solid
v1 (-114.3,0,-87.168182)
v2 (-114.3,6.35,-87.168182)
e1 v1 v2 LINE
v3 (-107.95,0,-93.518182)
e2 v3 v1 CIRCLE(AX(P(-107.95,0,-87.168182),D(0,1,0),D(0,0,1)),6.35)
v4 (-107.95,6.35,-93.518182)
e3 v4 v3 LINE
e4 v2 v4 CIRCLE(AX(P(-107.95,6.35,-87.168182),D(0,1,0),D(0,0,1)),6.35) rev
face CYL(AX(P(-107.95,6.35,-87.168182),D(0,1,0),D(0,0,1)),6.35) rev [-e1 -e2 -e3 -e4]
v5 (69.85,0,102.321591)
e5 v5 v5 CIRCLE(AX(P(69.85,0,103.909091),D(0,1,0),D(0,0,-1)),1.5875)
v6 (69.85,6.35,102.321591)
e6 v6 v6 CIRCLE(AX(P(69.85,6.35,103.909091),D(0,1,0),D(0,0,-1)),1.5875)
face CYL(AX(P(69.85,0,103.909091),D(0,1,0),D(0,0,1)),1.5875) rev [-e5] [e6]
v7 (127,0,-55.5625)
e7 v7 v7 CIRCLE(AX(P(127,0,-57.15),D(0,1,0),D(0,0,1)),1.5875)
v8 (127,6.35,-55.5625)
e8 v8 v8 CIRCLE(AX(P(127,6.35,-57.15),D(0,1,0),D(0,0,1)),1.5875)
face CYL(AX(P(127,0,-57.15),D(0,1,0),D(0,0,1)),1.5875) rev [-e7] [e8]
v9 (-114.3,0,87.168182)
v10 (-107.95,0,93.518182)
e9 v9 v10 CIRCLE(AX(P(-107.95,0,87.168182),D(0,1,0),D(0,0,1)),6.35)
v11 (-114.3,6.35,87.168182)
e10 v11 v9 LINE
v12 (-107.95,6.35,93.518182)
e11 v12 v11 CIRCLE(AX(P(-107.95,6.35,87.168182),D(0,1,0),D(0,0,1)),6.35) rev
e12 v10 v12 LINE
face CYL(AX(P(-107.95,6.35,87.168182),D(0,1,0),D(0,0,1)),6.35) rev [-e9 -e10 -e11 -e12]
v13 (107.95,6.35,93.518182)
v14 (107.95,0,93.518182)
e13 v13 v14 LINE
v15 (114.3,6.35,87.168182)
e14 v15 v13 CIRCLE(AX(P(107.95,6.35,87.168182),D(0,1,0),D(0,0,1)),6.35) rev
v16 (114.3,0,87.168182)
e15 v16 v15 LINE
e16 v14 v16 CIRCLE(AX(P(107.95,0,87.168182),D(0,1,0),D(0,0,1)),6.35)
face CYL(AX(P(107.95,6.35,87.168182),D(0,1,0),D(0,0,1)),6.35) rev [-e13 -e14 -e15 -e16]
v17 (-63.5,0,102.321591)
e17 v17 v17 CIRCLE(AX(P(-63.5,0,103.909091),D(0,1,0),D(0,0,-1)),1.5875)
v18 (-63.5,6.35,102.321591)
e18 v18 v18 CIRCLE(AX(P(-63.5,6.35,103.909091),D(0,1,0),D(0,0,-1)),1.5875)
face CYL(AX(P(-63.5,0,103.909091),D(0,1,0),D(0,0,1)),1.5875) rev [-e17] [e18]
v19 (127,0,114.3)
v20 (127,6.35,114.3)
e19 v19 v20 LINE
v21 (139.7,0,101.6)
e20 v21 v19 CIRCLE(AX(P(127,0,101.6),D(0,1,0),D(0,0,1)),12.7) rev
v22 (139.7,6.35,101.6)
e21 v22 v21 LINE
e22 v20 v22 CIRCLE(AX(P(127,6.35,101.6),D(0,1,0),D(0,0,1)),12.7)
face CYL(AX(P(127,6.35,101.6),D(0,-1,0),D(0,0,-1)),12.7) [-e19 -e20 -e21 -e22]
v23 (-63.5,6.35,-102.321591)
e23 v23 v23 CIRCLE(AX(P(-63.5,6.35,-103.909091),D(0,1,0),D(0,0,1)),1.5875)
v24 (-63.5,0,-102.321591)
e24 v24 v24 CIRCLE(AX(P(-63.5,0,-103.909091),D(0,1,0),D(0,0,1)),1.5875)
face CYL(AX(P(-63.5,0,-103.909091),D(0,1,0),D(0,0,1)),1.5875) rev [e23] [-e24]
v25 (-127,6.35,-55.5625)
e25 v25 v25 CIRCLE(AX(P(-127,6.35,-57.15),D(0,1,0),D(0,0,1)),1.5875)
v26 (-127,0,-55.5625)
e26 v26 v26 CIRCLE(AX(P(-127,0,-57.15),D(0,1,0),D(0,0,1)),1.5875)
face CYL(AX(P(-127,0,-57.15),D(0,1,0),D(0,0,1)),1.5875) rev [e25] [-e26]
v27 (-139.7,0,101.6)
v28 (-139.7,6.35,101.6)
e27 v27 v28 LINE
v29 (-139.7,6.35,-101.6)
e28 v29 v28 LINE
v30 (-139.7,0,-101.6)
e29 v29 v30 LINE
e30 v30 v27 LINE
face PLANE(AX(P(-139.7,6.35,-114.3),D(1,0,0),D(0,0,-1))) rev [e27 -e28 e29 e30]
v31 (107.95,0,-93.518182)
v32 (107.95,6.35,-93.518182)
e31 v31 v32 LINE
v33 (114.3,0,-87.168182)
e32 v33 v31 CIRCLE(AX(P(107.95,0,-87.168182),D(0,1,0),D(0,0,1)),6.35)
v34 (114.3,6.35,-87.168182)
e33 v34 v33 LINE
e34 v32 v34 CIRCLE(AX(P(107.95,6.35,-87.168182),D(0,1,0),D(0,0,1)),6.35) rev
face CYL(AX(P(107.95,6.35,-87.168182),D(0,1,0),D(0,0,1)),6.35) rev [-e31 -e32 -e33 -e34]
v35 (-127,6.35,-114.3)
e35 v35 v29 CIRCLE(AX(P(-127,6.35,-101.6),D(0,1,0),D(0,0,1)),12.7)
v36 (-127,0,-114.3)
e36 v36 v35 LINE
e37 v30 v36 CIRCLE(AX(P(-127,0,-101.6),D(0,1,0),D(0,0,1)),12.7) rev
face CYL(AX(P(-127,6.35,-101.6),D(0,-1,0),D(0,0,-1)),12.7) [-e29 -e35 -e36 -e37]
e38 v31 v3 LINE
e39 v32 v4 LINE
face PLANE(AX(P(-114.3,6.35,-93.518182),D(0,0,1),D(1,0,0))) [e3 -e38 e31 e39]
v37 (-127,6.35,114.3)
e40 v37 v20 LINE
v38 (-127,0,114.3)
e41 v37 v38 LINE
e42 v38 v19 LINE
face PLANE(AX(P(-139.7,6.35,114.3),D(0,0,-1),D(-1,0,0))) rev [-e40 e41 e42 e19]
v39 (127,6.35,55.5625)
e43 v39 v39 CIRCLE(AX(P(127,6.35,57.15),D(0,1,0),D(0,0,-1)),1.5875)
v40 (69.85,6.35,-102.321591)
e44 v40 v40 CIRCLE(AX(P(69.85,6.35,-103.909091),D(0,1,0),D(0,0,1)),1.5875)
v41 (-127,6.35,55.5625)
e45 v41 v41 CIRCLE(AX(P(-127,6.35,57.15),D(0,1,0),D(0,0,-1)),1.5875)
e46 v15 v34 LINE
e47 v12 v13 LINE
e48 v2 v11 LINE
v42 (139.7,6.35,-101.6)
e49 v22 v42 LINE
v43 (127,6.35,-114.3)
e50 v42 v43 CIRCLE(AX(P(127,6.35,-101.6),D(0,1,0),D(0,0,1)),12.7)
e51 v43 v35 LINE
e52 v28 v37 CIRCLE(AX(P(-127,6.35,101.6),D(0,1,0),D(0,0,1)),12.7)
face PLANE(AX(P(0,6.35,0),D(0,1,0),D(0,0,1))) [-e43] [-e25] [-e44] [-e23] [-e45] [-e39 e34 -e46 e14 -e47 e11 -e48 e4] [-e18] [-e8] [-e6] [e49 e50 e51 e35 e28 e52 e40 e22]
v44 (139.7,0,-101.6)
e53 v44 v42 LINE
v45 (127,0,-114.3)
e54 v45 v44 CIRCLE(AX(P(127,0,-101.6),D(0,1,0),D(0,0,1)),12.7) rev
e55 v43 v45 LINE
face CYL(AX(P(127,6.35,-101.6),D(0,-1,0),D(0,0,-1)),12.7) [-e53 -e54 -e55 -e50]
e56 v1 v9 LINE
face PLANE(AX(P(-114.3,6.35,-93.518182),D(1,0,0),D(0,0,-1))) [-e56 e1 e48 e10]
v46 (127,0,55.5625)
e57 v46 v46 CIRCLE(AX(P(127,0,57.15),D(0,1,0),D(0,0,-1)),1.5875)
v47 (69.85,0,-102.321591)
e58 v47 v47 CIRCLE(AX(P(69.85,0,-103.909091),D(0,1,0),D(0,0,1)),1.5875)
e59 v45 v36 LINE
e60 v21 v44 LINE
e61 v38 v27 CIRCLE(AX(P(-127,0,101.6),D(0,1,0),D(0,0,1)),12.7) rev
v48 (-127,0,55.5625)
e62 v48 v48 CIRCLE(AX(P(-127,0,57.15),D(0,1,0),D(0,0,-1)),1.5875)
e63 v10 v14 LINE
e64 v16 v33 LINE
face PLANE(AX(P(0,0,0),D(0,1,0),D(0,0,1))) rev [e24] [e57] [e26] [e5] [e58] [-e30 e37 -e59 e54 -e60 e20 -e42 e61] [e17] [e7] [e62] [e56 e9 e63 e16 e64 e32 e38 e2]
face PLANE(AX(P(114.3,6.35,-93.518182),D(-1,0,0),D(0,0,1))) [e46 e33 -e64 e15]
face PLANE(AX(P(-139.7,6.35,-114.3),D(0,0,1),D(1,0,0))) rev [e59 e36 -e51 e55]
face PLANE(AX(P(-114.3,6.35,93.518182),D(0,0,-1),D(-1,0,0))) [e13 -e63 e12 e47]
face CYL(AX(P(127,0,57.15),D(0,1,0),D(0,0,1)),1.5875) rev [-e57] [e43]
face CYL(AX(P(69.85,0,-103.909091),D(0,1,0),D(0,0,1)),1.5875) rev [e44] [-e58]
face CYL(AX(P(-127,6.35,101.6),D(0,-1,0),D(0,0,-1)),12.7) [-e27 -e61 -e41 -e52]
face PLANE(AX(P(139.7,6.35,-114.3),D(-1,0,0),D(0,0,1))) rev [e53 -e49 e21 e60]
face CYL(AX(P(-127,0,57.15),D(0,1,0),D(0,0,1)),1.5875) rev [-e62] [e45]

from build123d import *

# Parameters (mm, degrees)
SKETCH1_W           = 279.4
SKETCH1_H           = 228.6
SKETCH1_W_2         = 228.6
SKETCH1_H_2         = 187.036363636
BOSS_EXTRUDE1_DEPTH = 6.35
SKETCH2_R           = 1.5875
CUT_EXTRUDE1_DEPTH  = 7.35
FILLET1_R           = 12.7
FILLET2_R           = 6.35


with BuildPart() as part:
    # Sketch1 → Boss-Extrude1 (new body)
    with BuildSketch(Plane(origin=(0, 0, 0), x_dir=(1, 0, 0), z_dir=(0, 1, 0))):
        Rectangle(SKETCH1_W, SKETCH1_H)
        Rectangle(SKETCH1_W_2, SKETCH1_H_2, mode=Mode.SUBTRACT)
    extrude(amount=BOSS_EXTRUDE1_DEPTH)

    # Sketch2 → Cut-Extrude1 (cut, through all)
    with BuildSketch(Plane(origin=(0, 6.35, 0), x_dir=(1, 0, 0), z_dir=(0, 1, 0))):
        with Locations((-63.5, 103.909090909)):
            Circle(SKETCH2_R)
        with Locations((-63.5, -103.909090909)):
            Circle(SKETCH2_R)
        with Locations((69.85, 103.909090909)):
            Circle(SKETCH2_R)
        with Locations((69.85, -103.909090909)):
            Circle(SKETCH2_R)
        with Locations((-127, 57.15)):
            Circle(SKETCH2_R)
        with Locations((-127, -57.15)):
            Circle(SKETCH2_R)
        with Locations((127, 57.15)):
            Circle(SKETCH2_R)
        with Locations((127, -57.15)):
            Circle(SKETCH2_R)
    extrude(amount=-CUT_EXTRUDE1_DEPTH, mode=Mode.SUBTRACT)

    # Fillet1
    fillet1_edges = [part.edges().sort_by_distance(p)[0] for p in [
        (139.7, 3.175, 114.3),
        (-139.7, 3.175, 114.3),
        (-139.7, 3.175, -114.3),
        (139.7, 3.175, -114.3),
    ]]
    fillet(fillet1_edges, radius=FILLET1_R)

    # Fillet2
    fillet2_edges = [part.edges().sort_by_distance(p)[0] for p in [
        (114.3, 3.175, 93.518181818),
        (114.3, 3.175, -93.518181818),
        (-114.3, 3.175, -93.518181818),
        (-114.3, 3.175, 93.518181818),
    ]]
    fillet(fillet2_edges, radius=FILLET2_R)


solid = part.part
